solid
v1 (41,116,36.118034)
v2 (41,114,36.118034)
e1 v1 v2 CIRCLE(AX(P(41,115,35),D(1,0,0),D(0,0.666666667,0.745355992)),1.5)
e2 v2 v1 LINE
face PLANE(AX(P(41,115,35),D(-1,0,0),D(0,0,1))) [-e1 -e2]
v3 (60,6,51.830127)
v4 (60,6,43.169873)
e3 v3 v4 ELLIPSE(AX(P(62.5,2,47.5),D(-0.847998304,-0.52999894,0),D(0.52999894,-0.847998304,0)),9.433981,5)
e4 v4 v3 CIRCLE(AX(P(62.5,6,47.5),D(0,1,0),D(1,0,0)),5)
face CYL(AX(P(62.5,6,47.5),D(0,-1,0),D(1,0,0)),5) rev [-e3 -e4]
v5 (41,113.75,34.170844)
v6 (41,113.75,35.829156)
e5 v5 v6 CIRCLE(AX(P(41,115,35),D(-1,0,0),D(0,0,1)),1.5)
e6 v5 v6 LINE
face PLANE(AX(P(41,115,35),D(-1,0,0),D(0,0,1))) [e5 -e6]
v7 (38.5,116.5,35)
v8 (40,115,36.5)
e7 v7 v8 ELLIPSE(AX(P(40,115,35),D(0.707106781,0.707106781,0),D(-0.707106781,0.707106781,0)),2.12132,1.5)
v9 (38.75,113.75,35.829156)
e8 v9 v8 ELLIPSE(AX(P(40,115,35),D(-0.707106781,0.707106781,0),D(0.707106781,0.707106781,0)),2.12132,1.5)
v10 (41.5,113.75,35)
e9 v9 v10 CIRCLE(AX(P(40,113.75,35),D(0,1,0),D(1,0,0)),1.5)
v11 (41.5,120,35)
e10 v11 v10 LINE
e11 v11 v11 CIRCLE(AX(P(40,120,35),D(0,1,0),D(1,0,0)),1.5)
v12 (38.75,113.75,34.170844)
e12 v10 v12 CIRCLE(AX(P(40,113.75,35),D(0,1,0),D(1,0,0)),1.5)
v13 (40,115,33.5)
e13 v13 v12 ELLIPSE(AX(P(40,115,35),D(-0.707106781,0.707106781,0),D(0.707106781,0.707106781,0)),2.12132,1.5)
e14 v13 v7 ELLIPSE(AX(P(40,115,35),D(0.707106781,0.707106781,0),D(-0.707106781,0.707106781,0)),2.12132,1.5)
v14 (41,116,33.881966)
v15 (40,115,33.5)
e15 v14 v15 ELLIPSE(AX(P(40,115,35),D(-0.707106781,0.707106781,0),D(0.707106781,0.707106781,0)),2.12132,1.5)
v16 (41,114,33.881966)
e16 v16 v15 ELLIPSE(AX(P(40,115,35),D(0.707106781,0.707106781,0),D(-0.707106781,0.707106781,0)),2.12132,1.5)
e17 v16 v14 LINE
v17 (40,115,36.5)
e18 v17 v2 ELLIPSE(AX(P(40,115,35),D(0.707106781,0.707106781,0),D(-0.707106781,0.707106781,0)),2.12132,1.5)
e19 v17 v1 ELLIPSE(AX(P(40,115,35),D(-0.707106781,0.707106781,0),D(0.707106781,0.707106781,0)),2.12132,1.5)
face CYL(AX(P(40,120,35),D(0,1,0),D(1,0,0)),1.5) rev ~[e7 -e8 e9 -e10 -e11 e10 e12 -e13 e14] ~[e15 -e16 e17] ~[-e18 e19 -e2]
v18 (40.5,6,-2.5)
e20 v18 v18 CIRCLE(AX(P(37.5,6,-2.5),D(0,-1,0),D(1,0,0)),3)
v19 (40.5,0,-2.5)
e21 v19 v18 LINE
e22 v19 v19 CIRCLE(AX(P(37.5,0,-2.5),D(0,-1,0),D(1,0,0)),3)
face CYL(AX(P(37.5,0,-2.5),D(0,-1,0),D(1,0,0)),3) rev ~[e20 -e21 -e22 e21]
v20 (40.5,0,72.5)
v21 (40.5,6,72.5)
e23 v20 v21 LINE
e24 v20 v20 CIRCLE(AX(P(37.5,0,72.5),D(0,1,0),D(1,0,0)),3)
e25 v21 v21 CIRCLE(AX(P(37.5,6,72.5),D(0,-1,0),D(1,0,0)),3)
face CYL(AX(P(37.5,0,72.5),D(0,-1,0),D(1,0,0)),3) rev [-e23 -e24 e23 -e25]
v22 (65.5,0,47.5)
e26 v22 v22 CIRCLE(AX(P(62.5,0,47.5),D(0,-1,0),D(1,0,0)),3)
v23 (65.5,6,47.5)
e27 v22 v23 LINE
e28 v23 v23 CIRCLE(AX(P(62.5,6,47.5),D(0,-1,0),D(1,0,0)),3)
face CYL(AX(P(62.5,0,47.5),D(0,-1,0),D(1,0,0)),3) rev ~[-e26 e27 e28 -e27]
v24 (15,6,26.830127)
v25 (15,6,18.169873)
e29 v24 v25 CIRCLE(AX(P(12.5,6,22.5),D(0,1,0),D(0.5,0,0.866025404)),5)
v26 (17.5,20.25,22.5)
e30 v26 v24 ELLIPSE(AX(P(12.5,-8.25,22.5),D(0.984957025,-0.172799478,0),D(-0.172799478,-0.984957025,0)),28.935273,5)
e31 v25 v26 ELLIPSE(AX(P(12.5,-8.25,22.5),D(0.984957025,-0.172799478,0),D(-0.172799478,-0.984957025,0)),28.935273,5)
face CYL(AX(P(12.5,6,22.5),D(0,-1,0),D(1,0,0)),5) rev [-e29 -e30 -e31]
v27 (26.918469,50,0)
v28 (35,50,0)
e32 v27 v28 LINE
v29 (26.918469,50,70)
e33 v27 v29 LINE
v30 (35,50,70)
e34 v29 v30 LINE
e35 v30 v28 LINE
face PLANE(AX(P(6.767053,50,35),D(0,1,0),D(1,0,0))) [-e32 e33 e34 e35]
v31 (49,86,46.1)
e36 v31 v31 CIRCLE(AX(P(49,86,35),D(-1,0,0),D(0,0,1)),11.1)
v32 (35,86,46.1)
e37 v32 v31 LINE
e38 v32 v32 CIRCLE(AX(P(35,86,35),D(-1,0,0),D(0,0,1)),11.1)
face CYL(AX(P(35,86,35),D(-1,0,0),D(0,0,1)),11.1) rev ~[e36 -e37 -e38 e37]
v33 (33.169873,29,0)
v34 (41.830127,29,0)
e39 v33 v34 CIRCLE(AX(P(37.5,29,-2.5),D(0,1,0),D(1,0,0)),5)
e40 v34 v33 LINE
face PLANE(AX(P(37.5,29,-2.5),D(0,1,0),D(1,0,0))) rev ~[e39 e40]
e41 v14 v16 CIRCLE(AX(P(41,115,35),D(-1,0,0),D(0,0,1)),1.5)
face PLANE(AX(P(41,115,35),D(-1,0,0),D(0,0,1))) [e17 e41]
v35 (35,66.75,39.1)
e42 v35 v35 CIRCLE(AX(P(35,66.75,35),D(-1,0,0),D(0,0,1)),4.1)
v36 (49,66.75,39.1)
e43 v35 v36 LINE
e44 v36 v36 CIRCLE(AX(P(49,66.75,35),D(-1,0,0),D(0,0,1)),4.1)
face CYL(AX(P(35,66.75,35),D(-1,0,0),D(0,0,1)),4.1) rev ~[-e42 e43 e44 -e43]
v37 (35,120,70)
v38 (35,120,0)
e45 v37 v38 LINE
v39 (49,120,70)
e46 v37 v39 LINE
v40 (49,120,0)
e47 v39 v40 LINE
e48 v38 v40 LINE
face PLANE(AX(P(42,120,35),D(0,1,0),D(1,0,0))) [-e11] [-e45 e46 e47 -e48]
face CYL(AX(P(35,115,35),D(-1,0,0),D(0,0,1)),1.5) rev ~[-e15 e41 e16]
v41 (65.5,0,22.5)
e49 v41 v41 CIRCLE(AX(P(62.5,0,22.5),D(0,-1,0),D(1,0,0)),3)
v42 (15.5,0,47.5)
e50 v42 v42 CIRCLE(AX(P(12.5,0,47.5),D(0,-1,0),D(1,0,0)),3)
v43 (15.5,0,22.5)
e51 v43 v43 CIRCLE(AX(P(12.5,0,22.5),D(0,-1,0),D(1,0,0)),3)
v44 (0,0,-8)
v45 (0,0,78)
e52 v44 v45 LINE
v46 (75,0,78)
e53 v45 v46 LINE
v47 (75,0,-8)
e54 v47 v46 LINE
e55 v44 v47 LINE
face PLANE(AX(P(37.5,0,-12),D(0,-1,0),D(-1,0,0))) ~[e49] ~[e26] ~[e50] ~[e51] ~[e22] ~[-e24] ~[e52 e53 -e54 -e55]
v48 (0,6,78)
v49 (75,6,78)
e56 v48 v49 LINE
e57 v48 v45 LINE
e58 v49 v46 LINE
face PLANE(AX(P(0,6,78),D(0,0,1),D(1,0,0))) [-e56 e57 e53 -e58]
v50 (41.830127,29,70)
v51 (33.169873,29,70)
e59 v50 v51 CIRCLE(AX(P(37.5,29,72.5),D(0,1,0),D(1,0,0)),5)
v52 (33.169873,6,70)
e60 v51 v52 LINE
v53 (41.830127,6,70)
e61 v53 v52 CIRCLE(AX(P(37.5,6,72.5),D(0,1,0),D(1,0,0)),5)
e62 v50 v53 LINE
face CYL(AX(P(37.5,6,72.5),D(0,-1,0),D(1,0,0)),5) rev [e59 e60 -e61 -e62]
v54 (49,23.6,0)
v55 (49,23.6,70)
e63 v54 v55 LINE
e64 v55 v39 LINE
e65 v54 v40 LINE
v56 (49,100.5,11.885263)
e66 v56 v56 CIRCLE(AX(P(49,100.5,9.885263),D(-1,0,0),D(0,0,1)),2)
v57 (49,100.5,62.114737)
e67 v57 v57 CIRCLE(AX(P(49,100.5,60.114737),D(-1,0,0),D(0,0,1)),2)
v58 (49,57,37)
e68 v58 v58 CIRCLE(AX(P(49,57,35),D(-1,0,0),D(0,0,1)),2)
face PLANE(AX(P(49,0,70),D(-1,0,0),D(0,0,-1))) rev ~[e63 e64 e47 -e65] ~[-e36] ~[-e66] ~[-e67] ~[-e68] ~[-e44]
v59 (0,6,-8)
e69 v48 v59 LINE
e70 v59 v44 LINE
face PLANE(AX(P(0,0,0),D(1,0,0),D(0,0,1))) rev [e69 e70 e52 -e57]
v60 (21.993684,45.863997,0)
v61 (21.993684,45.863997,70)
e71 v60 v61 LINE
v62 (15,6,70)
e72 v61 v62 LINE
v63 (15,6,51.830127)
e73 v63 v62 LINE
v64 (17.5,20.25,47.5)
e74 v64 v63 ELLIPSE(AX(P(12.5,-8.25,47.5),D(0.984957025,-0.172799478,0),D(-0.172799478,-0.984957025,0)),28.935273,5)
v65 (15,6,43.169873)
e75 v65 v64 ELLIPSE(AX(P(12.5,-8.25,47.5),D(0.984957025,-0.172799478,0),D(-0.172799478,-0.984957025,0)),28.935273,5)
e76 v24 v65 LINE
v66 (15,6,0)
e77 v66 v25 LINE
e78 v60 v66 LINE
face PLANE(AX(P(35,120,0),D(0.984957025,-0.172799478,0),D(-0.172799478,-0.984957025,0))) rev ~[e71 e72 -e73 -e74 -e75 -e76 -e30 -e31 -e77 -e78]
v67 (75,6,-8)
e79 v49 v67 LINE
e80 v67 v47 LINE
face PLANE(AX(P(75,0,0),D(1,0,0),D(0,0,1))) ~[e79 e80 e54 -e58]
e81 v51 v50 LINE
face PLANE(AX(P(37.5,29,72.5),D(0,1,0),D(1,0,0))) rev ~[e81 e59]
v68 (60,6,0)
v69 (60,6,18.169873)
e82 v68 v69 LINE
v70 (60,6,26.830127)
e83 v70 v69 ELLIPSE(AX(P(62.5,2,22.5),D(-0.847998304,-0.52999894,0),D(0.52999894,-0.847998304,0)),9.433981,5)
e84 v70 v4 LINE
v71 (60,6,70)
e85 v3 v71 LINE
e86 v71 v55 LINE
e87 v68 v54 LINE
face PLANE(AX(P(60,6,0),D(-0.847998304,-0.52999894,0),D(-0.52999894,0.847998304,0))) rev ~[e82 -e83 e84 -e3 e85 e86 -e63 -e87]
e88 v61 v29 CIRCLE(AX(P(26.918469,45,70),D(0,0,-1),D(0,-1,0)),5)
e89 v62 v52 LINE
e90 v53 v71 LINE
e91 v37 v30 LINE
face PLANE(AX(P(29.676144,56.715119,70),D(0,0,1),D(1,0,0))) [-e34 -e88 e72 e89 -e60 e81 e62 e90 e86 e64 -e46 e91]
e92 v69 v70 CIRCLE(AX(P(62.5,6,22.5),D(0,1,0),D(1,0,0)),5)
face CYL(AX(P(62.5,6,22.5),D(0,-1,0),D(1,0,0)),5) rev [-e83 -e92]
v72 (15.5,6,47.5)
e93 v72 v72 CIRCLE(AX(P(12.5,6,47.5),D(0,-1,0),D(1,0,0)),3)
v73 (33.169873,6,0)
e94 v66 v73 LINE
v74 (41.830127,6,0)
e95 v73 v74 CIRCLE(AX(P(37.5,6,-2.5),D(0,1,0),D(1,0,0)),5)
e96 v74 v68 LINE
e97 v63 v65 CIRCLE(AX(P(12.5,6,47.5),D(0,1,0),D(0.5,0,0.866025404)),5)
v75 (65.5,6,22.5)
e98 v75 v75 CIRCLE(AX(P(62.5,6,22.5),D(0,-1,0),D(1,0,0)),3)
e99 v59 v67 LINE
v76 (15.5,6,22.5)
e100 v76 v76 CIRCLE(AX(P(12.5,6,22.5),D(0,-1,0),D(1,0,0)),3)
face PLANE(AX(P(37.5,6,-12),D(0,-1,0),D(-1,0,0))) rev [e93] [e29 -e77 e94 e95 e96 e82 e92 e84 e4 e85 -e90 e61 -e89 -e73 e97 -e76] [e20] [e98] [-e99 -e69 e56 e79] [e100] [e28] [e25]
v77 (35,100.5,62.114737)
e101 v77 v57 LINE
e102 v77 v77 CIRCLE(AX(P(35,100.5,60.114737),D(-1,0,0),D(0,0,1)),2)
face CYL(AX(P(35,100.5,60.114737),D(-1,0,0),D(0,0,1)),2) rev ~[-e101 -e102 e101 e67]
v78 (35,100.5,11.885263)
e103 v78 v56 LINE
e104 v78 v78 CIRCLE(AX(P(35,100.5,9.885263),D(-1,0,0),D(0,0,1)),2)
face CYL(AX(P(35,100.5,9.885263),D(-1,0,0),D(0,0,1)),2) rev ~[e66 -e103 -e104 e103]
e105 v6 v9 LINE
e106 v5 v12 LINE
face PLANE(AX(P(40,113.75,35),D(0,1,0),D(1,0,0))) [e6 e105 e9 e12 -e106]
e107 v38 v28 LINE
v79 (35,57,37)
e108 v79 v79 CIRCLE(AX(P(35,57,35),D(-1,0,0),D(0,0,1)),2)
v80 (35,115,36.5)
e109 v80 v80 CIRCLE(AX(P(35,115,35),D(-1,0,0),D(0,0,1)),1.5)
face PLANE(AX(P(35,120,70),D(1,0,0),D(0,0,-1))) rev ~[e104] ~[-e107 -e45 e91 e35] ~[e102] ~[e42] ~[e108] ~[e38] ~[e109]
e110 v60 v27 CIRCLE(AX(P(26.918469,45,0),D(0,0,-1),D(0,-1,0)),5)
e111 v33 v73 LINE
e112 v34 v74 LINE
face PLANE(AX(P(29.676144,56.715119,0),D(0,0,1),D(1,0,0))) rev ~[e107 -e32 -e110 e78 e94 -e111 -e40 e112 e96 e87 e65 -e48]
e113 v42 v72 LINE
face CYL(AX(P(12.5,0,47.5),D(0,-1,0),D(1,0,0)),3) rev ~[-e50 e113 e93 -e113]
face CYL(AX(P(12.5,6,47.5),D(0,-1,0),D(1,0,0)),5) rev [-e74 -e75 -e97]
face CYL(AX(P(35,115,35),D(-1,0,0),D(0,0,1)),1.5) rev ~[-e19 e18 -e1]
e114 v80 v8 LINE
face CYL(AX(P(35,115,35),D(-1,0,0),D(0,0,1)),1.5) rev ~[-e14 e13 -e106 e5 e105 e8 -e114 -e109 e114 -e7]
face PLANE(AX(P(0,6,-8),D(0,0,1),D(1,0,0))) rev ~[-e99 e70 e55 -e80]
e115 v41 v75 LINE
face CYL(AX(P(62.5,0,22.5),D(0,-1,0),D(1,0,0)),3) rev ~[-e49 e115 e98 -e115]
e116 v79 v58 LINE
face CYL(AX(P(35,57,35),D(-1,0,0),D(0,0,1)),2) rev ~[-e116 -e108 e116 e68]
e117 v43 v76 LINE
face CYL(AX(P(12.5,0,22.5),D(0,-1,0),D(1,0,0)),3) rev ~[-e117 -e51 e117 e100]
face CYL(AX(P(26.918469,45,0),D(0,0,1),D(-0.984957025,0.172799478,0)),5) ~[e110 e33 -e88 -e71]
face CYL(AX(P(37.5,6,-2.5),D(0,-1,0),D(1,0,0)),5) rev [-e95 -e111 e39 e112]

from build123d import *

# Parameters (mm, degrees)
SKETCH_1_W               = 35
SKETCH_1_H               = 70
EXTRUDE_1_DEPTH          = 6
SKETCH_1_W_2             = 26
EXTRUDE_1_2_DEPTH        = 6
SKETCH_1_3_W             = 14
SKETCH_1_3_H             = 70
EXTRUDE_2_DEPTH          = 120
EXTRUDE_4_DEPTH          = 70
EXTRUDE_7_DEPTH          = 70
SKETCH_7_R               = 3
CUT_EXTRUDE_4_DEPTH      = 121
SKETCH_8_R               = 5
CUT_EXTRUDE_5_DEPTH      = 115
SKETCH_3_R               = 11.1
SKETCH_3_R_2             = 4.1
SKETCH_3_R_3             = 2
CUT_EXTRUDE_8_DEPTH      = 36
CUT_EXTRUDE_8_DEPTH_BACK = 41
SKETCH_10_W              = 75
SKETCH_10_H              = 24
EXTRUDE_8_DEPTH          = 6
CUT_EXTRUDE_START        = -6
SKETCH_11_R              = 3
CUT_EXTRUDE_9_DEPTH      = 29
SKETCH_12_W              = 56.46589335
SKETCH_12_H              = 70
CUT_EXTRUDE_10_DEPTH     = 70
FILLET_1_R               = 5
SKETCH_13_R              = 5
CUT_EXTRUDE_11_DEPTH     = 23
SKETCH_14_W              = 75
SKETCH_14_H              = 16
CUT_EXTRUDE_12_DEPTH     = 10
SKETCH_15_R              = 1.5
CUT_EXTRUDE_13_DEPTH     = 6.25
SKETCH_16_R              = 1.5
CUT_EXTRUDE_14_DEPTH     = 6


with BuildPart() as part:
    # 草图1 → 凸台-拉伸1 (new body)
    with BuildSketch(Plane(origin=(0, 0, 0), x_dir=(1, 0, 0), z_dir=(0, 1, 0))):
        with Locations((17.5, -35)):
            Rectangle(SKETCH_1_W, SKETCH_1_H)
    extrude(amount=EXTRUDE_1_DEPTH)



with BuildPart() as body_2:
    # 草图1 → Extrude 1 2 (new body)
    with BuildSketch(Plane(origin=(0, 0, 0), x_dir=(1, 0, 0), z_dir=(0, 1, 0))):
        with Locations((62, -35)):
            Rectangle(SKETCH_1_W_2, SKETCH_1_H)
    extrude(amount=EXTRUDE_1_2_DEPTH)


with BuildPart() as part_1:
    add(part.part)

    add(body_2.part)  # 凸台-拉伸2 merges body 2
    # 草图1<3> → 凸台-拉伸2 (add)
    with BuildSketch(Plane(origin=(0, 0, 0), x_dir=(1, 0, 0), z_dir=(0, 1, 0))):
        with Locations((42, -35)):
            Rectangle(SKETCH_1_3_W, SKETCH_1_3_H)
    extrude(amount=EXTRUDE_2_DEPTH)

    # 草图4 → 凸台-拉伸4 (add, through all)
    with BuildSketch(Plane(origin=(0, 0, 0), x_dir=(-1, 0, 0), z_dir=(0, 0, -1))):
        Polygon((-35, 6), (-15, 6), (-35, 38), align=None)
        Polygon((-60, 6), (-40, 38), (-40, 6), align=None)
    extrude(amount=-EXTRUDE_4_DEPTH)

    # 草图9 → 凸台-拉伸7 (add, through all)
    with BuildSketch(Plane(origin=(0, 0, 0), x_dir=(-1, 0, 0), z_dir=(0, 0, -1))):
        Polygon((-35, 120), (-15, 6), (-35, 0), align=None)
    extrude(amount=-EXTRUDE_7_DEPTH)

    # 草图7 → 切除-拉伸4 (cut, through all)
    with BuildSketch(Plane.XZ):
        with Locations((62.5, 47.5)):
            Circle(SKETCH_7_R)
        with Locations((62.5, 22.5)):
            Circle(SKETCH_7_R)
        with Locations((12.5, 22.5)):
            Circle(SKETCH_7_R)
        with Locations((12.5, 47.5)):
            Circle(SKETCH_7_R)
    extrude(amount=-CUT_EXTRUDE_4_DEPTH, mode=Mode.SUBTRACT)

    # 草图8 → 切除-拉伸5 (cut)
    with BuildSketch(Plane(origin=(0, 6, 0), x_dir=(1, 0, 0), z_dir=(0, 1, 0))):
        with Locations((12.5, -47.5)):
            Circle(SKETCH_8_R)
        with Locations((12.5, -22.5)):
            Circle(SKETCH_8_R)
        with Locations((62.5, -47.5)):
            Circle(SKETCH_8_R)
        with Locations((62.5, -22.5)):
            Circle(SKETCH_8_R)
    extrude(amount=CUT_EXTRUDE_5_DEPTH, mode=Mode.SUBTRACT)

    # 草图3 → 切除-拉伸8 (cut, two sides)
    with BuildSketch(Plane.ZY.offset(-35)) as cut_extrude_8_sk:
        with Locations((35, 86)):
            Circle(SKETCH_3_R)
        with Locations((35, 66.75)):
            Circle(SKETCH_3_R_2)
        with Locations((35, 57)):
            Circle(SKETCH_3_R_3)
        with Locations((9.88526329, 100.5)):
            Circle(SKETCH_3_R_3)
        with Locations((60.11473671, 100.5)):
            Circle(SKETCH_3_R_3)
    extrude(amount=CUT_EXTRUDE_8_DEPTH, mode=Mode.SUBTRACT)
    extrude(cut_extrude_8_sk.sketch, amount=-CUT_EXTRUDE_8_DEPTH_BACK, mode=Mode.SUBTRACT)

    # 草图10 → 凸台-拉伸8 (add)
    with BuildSketch(Plane.XZ):
        with Locations((37.5, 82)):
            Rectangle(SKETCH_10_W, SKETCH_10_H)
    extrude_8 = extrude(amount=-EXTRUDE_8_DEPTH)

    # 草图11 → 切除-拉伸9 (cut)
    with BuildSketch(Plane(origin=(0, 6, 0), x_dir=(1, 0, 0), z_dir=(0, 1, 0)).offset(CUT_EXTRUDE_START)):
        with Locations((37.5, -72.5)):
            Circle(SKETCH_11_R)
    cut_extrude_9 = extrude(amount=CUT_EXTRUDE_9_DEPTH, mode=Mode.SUBTRACT)

    # 镜向1: 凸台-拉伸8, 切除-拉伸9 across plane
    add(extrude_8.mirror(Plane.XY.offset(35)))
    add(cut_extrude_9.mirror(Plane.XY.offset(35)), mode=Mode.SUBTRACT)

    # 草图12 → 切除-拉伸10 (cut)
    with BuildSketch(Plane(origin=(0, 120, 0), x_dir=(1, 0, 0), z_dir=(0, 1, 0))):
        with Locations((6.767053325, -35)):
            Rectangle(SKETCH_12_W, SKETCH_12_H)
    extrude(amount=-CUT_EXTRUDE_10_DEPTH, mode=Mode.SUBTRACT)

    # 圆角1
    fillet_1_edges = [part_1.edges().sort_by_distance(p)[0] for p in [
        (22.719298246, 50, 35),
    ]]
    fillet(fillet_1_edges, radius=FILLET_1_R)

    # 草图13 → 切除-拉伸11 (cut)
    with BuildSketch(Plane(origin=(0, 6, 0), x_dir=(1, 0, 0), z_dir=(0, 1, 0))):
        with Locations((37.5, -72.5)):
            Circle(SKETCH_13_R)
        with Locations((37.5, 2.5)):
            Circle(SKETCH_13_R)
    extrude(amount=CUT_EXTRUDE_11_DEPTH, mode=Mode.SUBTRACT)

    # 草图14 → 切除-拉伸12 (cut)
    with BuildSketch(Plane(origin=(0, 6, 0), x_dir=(1, 0, 0), z_dir=(0, 1, 0))):
        with Locations((37.5, 16)):
            Rectangle(SKETCH_14_W, SKETCH_14_H)
        with Locations((37.5, -86)):
            Rectangle(SKETCH_14_W, SKETCH_14_H)
    extrude(amount=-CUT_EXTRUDE_12_DEPTH, mode=Mode.SUBTRACT)

    # 草图15 → 切除-拉伸13 (cut)
    with BuildSketch(Plane(origin=(0, 120, 0), x_dir=(1, 0, 0), z_dir=(0, 1, 0))):
        with Locations((40, -35)):
            Circle(SKETCH_15_R)
    extrude(amount=-CUT_EXTRUDE_13_DEPTH, mode=Mode.SUBTRACT)

    # 草图16 → 切除-拉伸14 (cut)
    with BuildSketch(Plane.ZY.offset(-35)):
        with Locations((35, 115)):
            Circle(SKETCH_16_R)
    extrude(amount=-CUT_EXTRUDE_14_DEPTH, mode=Mode.SUBTRACT)


solid = part_1.part
